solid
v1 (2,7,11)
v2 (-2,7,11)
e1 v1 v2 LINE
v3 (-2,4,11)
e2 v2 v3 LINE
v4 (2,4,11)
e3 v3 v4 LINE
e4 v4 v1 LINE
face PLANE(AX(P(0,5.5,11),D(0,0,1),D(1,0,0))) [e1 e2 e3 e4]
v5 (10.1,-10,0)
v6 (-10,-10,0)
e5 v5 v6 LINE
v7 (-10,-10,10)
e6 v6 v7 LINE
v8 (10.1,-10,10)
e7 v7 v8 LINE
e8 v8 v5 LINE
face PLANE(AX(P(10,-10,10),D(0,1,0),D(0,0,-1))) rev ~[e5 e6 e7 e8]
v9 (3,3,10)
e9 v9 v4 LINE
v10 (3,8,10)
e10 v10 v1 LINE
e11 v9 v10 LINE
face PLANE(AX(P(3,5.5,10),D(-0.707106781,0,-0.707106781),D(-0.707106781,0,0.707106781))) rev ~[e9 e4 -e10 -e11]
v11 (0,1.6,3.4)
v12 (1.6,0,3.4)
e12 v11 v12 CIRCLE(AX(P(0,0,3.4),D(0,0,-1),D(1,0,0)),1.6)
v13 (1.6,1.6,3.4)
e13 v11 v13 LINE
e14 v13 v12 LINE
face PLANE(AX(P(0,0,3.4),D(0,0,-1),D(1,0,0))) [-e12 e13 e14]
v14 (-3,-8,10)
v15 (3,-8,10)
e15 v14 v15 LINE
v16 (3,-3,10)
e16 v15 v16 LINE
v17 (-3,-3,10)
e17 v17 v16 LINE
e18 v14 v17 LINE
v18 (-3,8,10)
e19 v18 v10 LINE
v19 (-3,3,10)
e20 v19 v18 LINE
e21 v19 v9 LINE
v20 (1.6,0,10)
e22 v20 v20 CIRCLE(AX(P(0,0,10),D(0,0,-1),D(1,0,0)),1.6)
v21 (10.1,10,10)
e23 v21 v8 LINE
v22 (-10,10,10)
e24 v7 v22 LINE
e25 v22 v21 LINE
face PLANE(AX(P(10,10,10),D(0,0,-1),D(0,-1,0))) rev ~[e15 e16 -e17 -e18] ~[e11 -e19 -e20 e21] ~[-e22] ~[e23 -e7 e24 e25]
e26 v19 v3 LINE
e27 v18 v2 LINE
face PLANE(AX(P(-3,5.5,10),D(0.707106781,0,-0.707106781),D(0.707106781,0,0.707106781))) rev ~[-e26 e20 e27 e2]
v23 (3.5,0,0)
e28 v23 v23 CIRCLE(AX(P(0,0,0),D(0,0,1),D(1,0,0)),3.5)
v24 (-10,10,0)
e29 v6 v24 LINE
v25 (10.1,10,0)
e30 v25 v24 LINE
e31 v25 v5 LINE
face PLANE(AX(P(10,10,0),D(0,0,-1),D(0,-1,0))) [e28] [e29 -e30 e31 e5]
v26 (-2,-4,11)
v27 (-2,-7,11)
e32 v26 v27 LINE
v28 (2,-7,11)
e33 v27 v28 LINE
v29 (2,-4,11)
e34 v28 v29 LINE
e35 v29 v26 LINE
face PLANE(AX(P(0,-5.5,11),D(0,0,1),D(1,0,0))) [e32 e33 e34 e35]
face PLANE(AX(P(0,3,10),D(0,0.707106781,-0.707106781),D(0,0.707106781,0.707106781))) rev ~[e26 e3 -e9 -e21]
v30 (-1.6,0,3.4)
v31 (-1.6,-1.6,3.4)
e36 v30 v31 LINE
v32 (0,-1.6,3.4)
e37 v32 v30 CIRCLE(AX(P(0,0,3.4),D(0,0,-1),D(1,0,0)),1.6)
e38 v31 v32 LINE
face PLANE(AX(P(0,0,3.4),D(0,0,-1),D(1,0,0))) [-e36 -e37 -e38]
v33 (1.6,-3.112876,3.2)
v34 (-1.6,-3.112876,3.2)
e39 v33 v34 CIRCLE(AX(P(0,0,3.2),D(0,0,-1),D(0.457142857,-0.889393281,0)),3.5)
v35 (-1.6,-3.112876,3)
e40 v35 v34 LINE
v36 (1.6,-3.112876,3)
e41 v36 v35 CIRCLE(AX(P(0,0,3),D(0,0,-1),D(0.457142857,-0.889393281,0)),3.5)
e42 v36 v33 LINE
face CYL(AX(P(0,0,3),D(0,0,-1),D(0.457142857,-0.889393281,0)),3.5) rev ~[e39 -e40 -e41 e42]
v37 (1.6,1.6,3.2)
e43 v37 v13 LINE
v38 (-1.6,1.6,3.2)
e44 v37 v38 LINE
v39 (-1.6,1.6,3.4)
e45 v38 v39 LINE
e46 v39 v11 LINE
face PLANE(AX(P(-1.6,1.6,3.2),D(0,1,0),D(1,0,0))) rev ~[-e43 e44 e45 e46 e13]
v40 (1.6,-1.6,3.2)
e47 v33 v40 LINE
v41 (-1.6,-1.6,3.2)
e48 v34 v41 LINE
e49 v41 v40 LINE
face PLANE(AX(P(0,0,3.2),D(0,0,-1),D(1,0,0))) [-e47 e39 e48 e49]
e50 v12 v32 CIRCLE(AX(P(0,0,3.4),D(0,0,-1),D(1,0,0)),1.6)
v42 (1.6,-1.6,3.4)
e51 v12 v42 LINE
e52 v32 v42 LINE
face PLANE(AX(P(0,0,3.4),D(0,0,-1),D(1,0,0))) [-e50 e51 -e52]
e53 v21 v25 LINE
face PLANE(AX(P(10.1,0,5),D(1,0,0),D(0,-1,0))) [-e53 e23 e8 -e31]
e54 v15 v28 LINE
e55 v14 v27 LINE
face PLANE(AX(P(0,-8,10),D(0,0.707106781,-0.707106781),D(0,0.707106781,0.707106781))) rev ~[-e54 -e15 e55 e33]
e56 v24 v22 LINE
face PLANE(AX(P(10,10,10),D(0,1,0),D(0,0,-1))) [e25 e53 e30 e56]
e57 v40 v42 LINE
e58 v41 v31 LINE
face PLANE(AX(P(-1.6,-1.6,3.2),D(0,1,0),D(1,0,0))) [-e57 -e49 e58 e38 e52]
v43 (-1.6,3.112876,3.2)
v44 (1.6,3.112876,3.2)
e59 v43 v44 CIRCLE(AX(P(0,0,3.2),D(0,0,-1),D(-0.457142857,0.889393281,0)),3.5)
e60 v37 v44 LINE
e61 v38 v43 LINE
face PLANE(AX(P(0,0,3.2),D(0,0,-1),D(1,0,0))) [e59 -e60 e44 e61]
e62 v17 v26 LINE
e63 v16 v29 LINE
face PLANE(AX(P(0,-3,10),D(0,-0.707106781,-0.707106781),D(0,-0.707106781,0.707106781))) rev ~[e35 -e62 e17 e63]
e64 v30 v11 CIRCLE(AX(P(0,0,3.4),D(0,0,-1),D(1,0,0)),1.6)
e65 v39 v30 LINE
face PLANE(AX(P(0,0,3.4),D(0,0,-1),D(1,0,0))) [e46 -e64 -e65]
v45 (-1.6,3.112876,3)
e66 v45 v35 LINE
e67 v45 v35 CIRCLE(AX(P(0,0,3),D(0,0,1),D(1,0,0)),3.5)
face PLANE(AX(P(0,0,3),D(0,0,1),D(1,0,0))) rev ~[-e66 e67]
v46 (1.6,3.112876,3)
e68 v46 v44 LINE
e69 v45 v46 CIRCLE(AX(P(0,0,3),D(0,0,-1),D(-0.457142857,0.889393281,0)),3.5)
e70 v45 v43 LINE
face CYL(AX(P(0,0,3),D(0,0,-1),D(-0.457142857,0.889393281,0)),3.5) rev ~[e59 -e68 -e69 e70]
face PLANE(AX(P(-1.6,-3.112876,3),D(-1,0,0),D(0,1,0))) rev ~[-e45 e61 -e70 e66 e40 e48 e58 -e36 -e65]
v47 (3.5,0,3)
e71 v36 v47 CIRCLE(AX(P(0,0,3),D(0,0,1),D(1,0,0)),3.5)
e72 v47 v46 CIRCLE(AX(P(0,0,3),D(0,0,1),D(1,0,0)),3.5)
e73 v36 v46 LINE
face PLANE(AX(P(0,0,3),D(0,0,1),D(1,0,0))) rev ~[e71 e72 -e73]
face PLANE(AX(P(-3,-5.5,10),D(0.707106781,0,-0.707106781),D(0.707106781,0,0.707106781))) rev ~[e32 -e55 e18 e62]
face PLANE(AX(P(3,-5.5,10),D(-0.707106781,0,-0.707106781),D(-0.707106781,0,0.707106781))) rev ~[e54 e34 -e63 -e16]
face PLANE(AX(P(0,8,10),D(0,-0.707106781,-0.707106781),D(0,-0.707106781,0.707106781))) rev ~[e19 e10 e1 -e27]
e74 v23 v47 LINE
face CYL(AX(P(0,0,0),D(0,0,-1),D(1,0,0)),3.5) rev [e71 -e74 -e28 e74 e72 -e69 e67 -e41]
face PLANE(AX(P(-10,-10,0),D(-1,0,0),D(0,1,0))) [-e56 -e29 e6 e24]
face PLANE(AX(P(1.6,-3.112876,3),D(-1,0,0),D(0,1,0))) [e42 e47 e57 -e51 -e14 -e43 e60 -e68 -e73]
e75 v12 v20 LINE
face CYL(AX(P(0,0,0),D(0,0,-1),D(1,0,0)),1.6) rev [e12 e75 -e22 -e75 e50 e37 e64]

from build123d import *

# Parameters (mm, degrees)
SKETCH001_W       = 20
SKETCH001_H       = 20
PAD_DEPTH         = 10
SKETCH003_R       = 1.6
POCKET_DEPTH      = 0.001
POCKET_DEPTH_BACK = 10.001
SKETCH002_R       = 3.5
POCKET001_DEPTH   = 3
POCKET002_DEPTH   = 0.2
SKETCH005_W       = 3.2
SKETCH005_H       = 3.2
POCKET003_DEPTH   = 0.2
SKETCH006_W       = 6
SKETCH006_H       = 5
PAD001_DEPTH      = 1
PAD001_TAPER      = 45
PAD001_FACE19_W   = 20
PAD001_FACE19_H   = 10
PAD002_DEPTH      = 0.1


with BuildPart() as part:
    # Sketch001 → Pad (new body)
    with BuildSketch(Plane.XY):
        Rectangle(SKETCH001_W, SKETCH001_H)
    extrude(amount=PAD_DEPTH)

    # Sketch003 → Pocket (cut, two sides)
    with BuildSketch(Plane.XY) as pocket_sk:
        Circle(SKETCH003_R)
    extrude(amount=-POCKET_DEPTH, mode=Mode.SUBTRACT)
    extrude(pocket_sk.sketch, amount=POCKET_DEPTH_BACK, mode=Mode.SUBTRACT)

    # Sketch002 → Pocket001 (cut)
    with BuildSketch(Plane.XY):
        Circle(SKETCH002_R)
    extrude(amount=POCKET001_DEPTH, mode=Mode.SUBTRACT)

    # Sketch004 (on Face9 of Pocket001) → Pocket002 (cut)
    with BuildSketch(Plane(origin=(0, 0, 3), x_dir=(1, 0, 0), z_dir=(0, 0, -1))):
        with BuildLine():
            ThreePointArc((1.6, 3.1128764833), (0, 3.5), (-1.6, 3.1128764833))
            Line((-1.6, 3.1128764833), (-1.6, -3.1128764833))
            ThreePointArc((-1.6, -3.1128764833), (0, -3.5), (1.6, -3.1128764833))
            Line((1.6, 3.1128764833), (1.6, -3.1128764833))
        make_face()
    extrude(amount=-POCKET002_DEPTH, mode=Mode.SUBTRACT)

    # Sketch005 (on Face13 of Pocket002) → Pocket003 (cut)
    with BuildSketch(Plane(origin=(0, 0, 3.2), x_dir=(1, 0, 0), z_dir=(0, 0, -1))):
        Rectangle(SKETCH005_W, SKETCH005_H)
    extrude(amount=-POCKET003_DEPTH, mode=Mode.SUBTRACT)

    # Sketch006 (on Face11 of Pocket003) → Pad001 (join)
    with BuildSketch(Plane.XY.offset(10)):
        with Locations((0, 5.5)):
            Rectangle(SKETCH006_W, SKETCH006_H)
        with Locations((0, -5.5)):
            Rectangle(SKETCH006_W, SKETCH006_H)
    extrude(amount=PAD001_DEPTH, taper=PAD001_TAPER)

    # Pad001 Face19 → Pad002 (add)
    with BuildSketch(Plane(origin=(10, 0, 5), x_dir=(0, -1, 0), z_dir=(1, 0, 0))):
        Rectangle(PAD001_FACE19_W, PAD001_FACE19_H)
    extrude(amount=PAD002_DEPTH)


solid = part.part
